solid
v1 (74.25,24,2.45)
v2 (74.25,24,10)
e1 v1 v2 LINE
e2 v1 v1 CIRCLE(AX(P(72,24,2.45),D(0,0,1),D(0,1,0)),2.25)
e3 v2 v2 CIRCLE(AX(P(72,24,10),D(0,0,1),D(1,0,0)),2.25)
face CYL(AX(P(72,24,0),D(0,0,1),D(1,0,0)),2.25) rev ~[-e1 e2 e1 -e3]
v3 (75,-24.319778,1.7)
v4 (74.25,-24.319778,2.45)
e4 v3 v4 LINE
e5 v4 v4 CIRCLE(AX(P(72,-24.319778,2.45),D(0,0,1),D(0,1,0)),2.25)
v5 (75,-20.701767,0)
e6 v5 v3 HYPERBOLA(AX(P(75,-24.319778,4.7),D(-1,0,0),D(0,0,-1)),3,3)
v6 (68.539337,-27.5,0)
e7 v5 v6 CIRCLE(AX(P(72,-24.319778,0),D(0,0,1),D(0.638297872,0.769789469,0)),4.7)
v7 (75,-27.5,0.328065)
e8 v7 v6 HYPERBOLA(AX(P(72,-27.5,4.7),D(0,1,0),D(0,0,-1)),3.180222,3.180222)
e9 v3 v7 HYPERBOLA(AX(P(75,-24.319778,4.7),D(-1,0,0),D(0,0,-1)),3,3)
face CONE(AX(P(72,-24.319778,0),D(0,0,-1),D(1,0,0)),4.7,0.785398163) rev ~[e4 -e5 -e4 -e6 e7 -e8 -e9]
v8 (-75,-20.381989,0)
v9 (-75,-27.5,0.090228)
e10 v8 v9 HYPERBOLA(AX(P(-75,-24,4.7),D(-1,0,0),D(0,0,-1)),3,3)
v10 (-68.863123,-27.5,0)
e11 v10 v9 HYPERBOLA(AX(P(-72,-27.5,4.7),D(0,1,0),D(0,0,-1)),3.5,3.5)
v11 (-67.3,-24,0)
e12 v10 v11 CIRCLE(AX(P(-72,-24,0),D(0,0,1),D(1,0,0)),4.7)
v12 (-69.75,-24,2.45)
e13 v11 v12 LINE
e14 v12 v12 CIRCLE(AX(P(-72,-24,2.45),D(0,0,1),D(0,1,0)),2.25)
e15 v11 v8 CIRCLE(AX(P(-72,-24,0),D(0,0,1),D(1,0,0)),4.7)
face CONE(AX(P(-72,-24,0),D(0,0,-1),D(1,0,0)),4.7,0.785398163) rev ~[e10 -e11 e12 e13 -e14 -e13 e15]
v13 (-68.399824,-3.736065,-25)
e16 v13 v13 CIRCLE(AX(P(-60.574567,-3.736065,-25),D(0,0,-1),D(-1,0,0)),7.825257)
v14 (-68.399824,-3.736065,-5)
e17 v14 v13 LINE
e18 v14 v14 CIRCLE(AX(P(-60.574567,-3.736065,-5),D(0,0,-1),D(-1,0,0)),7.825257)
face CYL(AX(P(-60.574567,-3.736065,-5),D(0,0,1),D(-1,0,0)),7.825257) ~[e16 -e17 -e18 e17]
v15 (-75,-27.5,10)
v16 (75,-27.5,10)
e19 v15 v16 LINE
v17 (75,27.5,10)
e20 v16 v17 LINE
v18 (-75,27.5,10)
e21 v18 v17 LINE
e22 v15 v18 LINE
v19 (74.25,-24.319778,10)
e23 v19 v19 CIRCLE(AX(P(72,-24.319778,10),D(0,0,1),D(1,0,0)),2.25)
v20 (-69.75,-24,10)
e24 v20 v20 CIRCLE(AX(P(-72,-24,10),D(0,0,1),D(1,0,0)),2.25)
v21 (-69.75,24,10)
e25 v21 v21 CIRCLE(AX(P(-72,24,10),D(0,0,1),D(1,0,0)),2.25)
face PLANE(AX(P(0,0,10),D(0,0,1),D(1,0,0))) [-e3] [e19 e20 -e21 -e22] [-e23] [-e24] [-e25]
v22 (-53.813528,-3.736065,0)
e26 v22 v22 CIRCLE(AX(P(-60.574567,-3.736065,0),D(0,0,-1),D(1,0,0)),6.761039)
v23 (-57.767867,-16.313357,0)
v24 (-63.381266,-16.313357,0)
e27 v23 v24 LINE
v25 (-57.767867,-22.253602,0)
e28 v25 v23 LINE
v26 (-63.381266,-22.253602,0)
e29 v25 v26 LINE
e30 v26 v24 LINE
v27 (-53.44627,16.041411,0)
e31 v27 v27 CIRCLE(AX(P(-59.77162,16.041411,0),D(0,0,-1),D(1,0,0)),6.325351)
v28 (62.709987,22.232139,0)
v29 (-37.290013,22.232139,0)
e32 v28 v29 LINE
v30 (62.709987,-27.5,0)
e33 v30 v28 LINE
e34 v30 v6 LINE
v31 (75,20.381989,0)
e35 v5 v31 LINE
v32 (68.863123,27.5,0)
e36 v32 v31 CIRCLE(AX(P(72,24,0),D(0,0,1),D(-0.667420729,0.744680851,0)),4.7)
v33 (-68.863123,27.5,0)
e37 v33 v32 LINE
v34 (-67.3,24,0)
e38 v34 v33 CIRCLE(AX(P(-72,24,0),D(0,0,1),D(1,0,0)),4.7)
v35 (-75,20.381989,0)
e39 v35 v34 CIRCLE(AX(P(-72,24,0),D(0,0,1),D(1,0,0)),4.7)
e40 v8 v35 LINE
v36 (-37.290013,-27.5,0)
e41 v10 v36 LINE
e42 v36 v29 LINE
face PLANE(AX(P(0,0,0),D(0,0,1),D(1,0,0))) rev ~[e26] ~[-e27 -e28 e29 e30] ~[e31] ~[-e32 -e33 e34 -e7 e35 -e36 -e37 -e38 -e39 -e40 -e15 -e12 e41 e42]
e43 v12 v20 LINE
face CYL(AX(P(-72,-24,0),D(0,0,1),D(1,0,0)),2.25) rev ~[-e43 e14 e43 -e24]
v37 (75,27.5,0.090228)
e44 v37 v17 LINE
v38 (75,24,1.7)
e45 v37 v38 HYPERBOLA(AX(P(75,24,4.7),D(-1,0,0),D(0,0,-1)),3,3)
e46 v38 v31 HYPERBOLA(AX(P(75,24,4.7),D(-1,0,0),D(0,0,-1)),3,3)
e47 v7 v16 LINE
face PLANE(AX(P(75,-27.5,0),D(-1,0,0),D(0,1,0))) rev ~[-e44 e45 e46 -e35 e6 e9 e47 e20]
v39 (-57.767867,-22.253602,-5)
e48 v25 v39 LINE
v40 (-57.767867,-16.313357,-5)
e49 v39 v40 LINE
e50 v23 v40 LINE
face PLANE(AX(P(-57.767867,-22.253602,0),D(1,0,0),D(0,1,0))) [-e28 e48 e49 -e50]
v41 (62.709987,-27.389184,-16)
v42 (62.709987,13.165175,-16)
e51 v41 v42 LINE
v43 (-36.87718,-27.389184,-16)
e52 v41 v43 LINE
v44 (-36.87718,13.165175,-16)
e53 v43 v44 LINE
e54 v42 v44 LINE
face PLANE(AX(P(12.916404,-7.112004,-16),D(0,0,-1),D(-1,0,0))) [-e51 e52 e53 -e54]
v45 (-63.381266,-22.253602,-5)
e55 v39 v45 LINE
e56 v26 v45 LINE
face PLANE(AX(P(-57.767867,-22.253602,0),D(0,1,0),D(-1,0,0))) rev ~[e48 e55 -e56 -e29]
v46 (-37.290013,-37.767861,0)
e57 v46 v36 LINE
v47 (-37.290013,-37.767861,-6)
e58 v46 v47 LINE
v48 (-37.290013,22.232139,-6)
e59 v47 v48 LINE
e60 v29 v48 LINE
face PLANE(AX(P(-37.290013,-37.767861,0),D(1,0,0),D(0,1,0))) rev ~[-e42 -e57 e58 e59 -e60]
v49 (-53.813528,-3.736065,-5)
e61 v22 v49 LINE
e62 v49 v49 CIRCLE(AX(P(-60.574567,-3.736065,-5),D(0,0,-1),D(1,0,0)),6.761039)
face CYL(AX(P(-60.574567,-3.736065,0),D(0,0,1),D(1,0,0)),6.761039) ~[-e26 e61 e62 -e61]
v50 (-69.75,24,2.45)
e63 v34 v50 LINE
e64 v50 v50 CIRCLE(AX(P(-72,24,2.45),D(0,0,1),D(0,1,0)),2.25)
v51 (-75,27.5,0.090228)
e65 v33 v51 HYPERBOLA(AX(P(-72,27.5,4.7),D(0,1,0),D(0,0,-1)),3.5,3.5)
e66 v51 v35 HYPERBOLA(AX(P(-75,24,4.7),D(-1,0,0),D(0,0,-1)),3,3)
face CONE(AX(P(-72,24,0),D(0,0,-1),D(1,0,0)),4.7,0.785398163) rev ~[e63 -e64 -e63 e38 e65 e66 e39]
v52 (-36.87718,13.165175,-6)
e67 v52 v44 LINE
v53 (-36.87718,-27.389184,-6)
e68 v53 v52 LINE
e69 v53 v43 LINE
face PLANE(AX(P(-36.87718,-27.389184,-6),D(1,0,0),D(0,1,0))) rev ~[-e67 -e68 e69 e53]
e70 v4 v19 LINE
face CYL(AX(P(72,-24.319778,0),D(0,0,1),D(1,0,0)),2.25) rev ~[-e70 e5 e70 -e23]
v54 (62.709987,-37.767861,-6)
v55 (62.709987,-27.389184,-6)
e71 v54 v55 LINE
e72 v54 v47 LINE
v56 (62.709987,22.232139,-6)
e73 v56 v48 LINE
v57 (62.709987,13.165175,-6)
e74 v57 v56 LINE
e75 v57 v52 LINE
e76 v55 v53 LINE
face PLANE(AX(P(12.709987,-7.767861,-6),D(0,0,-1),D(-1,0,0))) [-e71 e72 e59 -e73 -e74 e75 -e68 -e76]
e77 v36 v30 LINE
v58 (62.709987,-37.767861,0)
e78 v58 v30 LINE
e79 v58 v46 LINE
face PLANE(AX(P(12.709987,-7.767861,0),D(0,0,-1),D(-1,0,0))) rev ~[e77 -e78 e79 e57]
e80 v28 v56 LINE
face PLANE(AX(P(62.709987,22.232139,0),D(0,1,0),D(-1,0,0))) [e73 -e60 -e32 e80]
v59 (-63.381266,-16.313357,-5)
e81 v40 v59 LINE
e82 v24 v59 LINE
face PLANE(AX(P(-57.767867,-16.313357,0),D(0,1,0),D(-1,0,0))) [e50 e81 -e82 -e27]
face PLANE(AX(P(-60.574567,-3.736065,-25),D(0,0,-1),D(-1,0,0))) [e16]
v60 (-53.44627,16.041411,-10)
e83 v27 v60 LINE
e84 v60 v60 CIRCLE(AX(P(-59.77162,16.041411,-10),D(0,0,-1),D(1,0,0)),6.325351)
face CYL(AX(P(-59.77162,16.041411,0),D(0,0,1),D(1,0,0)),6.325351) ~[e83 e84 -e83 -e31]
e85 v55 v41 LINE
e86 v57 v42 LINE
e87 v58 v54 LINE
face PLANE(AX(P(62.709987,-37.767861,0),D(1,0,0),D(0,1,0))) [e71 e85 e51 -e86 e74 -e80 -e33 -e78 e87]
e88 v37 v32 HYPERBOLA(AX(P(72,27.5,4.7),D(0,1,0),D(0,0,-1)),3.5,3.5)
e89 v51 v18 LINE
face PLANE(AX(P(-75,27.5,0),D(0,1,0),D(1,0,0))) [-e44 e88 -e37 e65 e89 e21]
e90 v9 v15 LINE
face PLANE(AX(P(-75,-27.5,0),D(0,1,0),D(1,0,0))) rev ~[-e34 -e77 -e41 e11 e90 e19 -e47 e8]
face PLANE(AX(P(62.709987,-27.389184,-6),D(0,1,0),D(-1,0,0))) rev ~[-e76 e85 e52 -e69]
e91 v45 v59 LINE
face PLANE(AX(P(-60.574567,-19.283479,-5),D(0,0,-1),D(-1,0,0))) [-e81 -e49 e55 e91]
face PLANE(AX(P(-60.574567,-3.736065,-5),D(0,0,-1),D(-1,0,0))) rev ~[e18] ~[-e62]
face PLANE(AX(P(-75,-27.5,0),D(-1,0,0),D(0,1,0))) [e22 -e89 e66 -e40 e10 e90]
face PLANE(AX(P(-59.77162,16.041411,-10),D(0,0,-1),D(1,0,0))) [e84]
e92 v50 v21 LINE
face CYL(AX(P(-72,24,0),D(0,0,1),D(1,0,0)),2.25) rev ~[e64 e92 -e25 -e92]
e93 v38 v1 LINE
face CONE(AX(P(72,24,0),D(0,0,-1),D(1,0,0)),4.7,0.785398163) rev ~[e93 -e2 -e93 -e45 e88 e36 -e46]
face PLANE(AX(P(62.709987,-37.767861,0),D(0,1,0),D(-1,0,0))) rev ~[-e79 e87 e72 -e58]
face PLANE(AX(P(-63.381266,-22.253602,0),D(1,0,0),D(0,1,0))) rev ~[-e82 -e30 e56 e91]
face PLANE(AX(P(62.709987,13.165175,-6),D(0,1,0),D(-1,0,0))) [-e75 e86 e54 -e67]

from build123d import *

# Parameters (mm, degrees)
SKETCH1_W                                           = 150
SKETCH1_H                                           = 55
BOSS_EXTRUDE1_DEPTH                                 = 10
CSK_FOR_M4_COUNTERSUNK_FLAT_HEAD_SCREW1_D           = 4.5
CSK_FOR_M4_COUNTERSUNK_FLAT_HEAD_SCREW1_CSINK_D     = 9.4
CSK_FOR_M4_COUNTERSUNK_FLAT_HEAD_SCREW1_CSINK_ANGLE = 90
SKETCH4_W                                           = 100
SKETCH4_H                                           = 60
BOSS_EXTRUDE2_DEPTH                                 = 6
SKETCH5_W                                           = 99.587167191
SKETCH5_H                                           = 40.554359572
BOSS_EXTRUDE3_DEPTH                                 = 10
SKETCH6_R                                           = 6.325350673
BOSS_EXTRUDE4_DEPTH                                 = 10
SKETCH7_R                                           = 6.761038659
SKETCH7_W                                           = 5.613398263
SKETCH7_H                                           = 5.940244602
BOSS_EXTRUDE5_DEPTH                                 = 5
SKETCH8_R                                           = 7.825257062
BOSS_EXTRUDE6_DEPTH                                 = 20


with BuildPart() as part:
    # Sketch1 → Boss-Extrude1 (new body)
    with BuildSketch(Plane.XY):
        Rectangle(SKETCH1_W, SKETCH1_H)
    extrude(amount=BOSS_EXTRUDE1_DEPTH)

    # CSK for M4 Countersunk Flat Head Screw1 (through all)
    with Locations(Plane(origin=(0, 0, 0), x_dir=(-1, 0, 0), z_dir=(0, 0, -1))):
        with Locations((-72, 24), (-72, -24.31977753), (72, -24), (72, 24)):
            CounterSinkHole(CSK_FOR_M4_COUNTERSUNK_FLAT_HEAD_SCREW1_D / 2, CSK_FOR_M4_COUNTERSUNK_FLAT_HEAD_SCREW1_CSINK_D / 2, counter_sink_angle=CSK_FOR_M4_COUNTERSUNK_FLAT_HEAD_SCREW1_CSINK_ANGLE)

    # Sketch4 → Boss-Extrude2 (add)
    with BuildSketch(Plane(origin=(0, 0, 0), x_dir=(-1, 0, 0), z_dir=(0, 0, -1))):
        with Locations((-12.709987385, -7.767861044)):
            Rectangle(SKETCH4_W, SKETCH4_H)
    extrude(amount=BOSS_EXTRUDE2_DEPTH)

    # Sketch5 → Boss-Extrude3 (add)
    with BuildSketch(Plane(origin=(0, 0, -6), x_dir=(-1, 0, 0), z_dir=(0, 0, -1))):
        with Locations((-12.91640379, -7.112004415)):
            Rectangle(SKETCH5_W, SKETCH5_H)
    extrude(amount=BOSS_EXTRUDE3_DEPTH)

    # Sketch6 → Boss-Extrude4 (add)
    with BuildSketch(Plane(origin=(0, 0, 0), x_dir=(-1, 0, 0), z_dir=(0, 0, -1))):
        with Locations(Location((59.771620242, 16.04141059, 0), (0, 0, 180))):
            Circle(SKETCH6_R)
    extrude(amount=BOSS_EXTRUDE4_DEPTH)

    # Sketch7 → Boss-Extrude5 (add)
    with BuildSketch(Plane(origin=(0, 0, 0), x_dir=(-1, 0, 0), z_dir=(0, 0, -1))):
        with Locations(Location((60.574566505, -3.736064786, 0), (0, 0, 180))):
            Circle(SKETCH7_R)
        with Locations((60.574566506, -19.28347932)):
            Rectangle(SKETCH7_W, SKETCH7_H)
    extrude(amount=BOSS_EXTRUDE5_DEPTH)

    # Sketch8 → Boss-Extrude6 (add)
    with BuildSketch(Plane(origin=(0, 0, -5), x_dir=(-1, 0, 0), z_dir=(0, 0, -1))):
        with Locations((60.574566505, -3.736064786)):
            Circle(SKETCH8_R)
    extrude(amount=BOSS_EXTRUDE6_DEPTH)


solid = part.part
